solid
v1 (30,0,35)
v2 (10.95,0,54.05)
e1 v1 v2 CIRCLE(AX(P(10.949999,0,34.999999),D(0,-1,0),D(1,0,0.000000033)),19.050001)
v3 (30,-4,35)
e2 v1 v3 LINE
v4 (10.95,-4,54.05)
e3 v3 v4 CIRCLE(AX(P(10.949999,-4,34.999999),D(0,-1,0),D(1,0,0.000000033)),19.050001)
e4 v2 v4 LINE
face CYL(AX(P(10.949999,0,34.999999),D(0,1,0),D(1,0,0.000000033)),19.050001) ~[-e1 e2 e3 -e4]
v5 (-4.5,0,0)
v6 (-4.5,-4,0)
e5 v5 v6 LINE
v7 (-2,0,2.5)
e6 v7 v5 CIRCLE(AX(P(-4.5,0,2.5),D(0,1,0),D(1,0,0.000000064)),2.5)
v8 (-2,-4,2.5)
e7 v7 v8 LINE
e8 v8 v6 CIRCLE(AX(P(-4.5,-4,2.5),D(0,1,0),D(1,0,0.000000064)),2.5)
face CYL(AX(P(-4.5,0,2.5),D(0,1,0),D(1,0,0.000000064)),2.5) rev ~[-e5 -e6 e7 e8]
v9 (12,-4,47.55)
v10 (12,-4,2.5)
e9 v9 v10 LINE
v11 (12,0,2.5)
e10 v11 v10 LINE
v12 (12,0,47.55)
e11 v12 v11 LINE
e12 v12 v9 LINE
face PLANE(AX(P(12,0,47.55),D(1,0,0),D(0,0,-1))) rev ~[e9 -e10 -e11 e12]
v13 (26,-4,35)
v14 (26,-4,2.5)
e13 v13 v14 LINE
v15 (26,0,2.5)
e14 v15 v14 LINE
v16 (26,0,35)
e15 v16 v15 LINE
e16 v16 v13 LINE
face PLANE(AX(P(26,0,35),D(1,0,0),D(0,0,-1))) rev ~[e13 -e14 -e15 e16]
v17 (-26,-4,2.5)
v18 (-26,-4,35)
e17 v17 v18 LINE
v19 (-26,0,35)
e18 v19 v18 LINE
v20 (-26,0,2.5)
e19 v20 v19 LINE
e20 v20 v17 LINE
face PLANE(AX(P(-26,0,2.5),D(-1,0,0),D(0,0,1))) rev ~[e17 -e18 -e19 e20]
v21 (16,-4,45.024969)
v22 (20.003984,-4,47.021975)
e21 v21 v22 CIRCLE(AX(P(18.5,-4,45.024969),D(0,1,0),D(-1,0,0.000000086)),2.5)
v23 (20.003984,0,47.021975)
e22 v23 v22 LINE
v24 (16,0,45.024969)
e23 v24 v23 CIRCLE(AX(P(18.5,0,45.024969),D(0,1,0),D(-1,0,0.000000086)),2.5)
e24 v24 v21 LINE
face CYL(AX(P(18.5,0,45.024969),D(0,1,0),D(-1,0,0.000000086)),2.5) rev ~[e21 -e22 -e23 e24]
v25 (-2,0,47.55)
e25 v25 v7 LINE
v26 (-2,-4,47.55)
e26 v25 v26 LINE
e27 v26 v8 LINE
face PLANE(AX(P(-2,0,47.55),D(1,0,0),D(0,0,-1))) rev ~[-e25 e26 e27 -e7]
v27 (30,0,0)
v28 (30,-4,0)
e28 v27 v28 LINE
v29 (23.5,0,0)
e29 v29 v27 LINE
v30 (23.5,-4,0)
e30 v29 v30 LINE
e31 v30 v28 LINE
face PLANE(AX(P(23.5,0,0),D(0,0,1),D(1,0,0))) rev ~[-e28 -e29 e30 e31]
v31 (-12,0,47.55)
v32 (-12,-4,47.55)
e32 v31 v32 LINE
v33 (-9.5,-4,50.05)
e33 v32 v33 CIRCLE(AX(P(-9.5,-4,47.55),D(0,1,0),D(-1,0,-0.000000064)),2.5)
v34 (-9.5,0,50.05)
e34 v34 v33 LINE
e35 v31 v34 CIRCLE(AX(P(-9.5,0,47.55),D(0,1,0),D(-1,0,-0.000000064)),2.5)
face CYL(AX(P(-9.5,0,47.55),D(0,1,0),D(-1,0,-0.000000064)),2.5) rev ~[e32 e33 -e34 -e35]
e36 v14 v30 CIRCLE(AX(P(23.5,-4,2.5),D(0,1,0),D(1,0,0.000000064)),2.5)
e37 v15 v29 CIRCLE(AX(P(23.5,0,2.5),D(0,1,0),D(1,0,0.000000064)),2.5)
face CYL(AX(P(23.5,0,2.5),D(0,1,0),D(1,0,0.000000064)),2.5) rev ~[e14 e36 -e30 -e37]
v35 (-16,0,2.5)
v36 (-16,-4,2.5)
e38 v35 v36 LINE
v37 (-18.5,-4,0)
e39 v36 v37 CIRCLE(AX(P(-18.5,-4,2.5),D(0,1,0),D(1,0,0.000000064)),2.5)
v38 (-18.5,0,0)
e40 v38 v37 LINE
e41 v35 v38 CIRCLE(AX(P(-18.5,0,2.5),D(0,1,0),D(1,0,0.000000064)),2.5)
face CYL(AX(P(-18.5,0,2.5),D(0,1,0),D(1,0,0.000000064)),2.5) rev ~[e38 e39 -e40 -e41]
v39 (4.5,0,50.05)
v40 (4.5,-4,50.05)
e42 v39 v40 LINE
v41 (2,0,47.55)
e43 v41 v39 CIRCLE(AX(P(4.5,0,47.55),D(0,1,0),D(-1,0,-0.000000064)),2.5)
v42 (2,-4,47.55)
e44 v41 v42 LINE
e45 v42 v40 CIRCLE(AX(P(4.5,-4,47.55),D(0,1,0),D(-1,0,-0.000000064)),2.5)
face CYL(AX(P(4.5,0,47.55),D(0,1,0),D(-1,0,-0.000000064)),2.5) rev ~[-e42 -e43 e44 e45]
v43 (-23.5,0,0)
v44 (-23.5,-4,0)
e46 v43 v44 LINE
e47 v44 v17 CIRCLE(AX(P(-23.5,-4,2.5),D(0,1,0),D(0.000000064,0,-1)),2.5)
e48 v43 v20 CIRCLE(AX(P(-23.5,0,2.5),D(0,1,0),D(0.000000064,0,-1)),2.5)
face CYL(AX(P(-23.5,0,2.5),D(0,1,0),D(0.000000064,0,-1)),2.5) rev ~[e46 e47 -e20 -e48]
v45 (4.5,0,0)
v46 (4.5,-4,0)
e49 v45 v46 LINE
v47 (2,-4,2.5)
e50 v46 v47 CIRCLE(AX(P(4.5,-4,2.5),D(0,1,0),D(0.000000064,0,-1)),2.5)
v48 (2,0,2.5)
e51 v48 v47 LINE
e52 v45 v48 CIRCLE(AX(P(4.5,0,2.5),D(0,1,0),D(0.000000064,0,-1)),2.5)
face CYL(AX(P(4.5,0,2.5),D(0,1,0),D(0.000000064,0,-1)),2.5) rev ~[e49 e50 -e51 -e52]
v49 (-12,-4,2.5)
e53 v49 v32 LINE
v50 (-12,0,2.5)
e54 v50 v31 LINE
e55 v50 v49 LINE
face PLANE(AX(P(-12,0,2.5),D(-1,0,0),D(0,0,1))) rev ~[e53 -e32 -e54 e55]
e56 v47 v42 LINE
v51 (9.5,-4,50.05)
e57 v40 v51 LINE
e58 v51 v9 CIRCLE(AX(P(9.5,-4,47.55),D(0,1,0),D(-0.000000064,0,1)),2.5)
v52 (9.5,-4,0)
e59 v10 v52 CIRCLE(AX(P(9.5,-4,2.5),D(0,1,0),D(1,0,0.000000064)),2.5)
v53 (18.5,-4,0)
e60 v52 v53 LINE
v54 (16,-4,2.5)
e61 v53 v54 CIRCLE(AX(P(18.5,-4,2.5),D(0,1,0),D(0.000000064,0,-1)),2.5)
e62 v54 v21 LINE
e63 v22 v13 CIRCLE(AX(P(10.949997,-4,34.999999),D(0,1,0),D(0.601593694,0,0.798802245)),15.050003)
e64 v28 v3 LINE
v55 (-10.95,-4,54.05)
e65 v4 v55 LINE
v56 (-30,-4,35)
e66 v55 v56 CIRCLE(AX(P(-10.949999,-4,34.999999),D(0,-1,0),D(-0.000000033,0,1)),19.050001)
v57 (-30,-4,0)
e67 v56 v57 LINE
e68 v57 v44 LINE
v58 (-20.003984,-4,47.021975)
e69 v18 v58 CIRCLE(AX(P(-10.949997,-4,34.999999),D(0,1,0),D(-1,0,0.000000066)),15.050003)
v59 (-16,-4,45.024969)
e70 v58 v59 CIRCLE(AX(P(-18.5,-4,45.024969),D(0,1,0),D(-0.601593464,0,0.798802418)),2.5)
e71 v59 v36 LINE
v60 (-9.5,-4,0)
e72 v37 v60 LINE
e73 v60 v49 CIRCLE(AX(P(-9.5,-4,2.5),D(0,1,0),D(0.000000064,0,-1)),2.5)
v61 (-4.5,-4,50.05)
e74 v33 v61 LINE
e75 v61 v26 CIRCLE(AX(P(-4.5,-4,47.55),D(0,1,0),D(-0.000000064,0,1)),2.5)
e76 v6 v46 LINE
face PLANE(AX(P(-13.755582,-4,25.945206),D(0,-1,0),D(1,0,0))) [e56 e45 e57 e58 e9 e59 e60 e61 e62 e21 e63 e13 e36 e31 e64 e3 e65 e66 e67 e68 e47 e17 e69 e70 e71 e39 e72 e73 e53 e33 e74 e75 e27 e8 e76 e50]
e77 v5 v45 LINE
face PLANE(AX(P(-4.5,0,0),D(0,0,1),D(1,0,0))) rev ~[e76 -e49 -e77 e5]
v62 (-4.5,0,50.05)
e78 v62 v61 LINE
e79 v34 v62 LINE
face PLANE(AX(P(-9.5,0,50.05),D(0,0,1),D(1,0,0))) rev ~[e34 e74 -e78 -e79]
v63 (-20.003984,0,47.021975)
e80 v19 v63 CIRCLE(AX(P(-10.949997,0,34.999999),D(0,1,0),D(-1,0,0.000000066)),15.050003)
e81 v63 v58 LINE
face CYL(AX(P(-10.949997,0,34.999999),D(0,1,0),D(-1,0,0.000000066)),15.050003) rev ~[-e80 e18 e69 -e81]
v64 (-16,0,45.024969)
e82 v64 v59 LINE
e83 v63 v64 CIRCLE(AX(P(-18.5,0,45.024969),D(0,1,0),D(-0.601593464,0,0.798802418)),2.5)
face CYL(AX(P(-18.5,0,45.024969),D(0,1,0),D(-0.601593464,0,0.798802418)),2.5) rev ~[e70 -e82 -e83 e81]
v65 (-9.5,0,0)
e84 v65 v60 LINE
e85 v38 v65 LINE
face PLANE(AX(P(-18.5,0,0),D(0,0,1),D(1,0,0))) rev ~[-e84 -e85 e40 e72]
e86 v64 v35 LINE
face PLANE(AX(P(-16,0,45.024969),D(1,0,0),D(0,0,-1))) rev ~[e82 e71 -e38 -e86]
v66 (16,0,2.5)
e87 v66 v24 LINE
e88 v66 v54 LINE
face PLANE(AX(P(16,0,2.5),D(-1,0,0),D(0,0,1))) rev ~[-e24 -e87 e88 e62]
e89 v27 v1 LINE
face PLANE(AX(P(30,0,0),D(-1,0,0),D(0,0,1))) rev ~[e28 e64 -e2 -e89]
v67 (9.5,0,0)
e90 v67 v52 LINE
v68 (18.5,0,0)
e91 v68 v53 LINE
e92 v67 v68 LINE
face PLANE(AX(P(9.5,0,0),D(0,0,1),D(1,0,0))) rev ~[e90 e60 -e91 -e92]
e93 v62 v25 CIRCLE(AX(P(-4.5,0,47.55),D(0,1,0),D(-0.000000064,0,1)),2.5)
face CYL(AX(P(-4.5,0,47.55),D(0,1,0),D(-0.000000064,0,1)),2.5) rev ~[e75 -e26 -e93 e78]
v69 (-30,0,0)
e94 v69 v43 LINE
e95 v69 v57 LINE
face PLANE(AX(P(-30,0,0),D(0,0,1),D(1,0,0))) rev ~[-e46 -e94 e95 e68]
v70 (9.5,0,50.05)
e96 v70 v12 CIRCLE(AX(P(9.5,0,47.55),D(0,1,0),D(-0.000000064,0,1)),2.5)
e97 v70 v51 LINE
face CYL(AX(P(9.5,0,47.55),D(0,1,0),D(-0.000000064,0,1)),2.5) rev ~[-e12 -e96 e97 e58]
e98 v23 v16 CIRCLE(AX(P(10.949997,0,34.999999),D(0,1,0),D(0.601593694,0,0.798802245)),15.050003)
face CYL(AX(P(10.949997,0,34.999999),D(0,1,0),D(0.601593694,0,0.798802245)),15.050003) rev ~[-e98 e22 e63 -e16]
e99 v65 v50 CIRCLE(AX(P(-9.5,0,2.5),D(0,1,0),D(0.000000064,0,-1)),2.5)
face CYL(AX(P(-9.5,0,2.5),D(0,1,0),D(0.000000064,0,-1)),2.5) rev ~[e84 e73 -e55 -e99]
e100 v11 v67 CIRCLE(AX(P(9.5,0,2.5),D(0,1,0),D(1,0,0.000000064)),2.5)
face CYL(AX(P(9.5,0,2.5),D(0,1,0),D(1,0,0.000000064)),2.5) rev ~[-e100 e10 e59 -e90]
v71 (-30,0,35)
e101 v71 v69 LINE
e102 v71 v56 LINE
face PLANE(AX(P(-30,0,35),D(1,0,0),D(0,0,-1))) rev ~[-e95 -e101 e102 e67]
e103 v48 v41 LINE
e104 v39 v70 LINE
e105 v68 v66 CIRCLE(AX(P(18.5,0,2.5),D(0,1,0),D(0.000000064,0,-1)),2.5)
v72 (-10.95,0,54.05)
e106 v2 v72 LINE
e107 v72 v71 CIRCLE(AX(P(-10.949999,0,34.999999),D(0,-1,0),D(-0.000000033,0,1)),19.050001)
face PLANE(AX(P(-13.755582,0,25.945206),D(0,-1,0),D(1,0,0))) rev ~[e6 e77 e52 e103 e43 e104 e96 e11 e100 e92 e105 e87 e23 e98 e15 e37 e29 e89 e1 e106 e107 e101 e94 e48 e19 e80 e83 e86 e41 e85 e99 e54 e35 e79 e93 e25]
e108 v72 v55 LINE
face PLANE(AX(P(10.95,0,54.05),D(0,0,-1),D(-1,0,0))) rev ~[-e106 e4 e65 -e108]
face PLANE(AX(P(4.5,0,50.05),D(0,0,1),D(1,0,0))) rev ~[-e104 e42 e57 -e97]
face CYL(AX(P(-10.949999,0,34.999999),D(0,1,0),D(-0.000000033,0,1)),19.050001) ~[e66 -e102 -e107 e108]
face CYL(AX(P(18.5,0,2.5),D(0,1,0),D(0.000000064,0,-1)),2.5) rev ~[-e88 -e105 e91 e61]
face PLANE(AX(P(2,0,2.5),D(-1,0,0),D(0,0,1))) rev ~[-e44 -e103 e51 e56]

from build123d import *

# Parameters (mm, degrees)
F1_DEPTH = 4


with BuildPart() as f1:
    # F0 (on Front) → F1 (new body)
    with BuildSketch(Plane.XZ):
        with BuildLine():
            Line((-4.5, 0), (0, 0))
            Line((0, 0), (0, 54.05))
            Line((0, 54.05), (-10.95, 54.05))
            ThreePointArc((-10.95, 54.05), (-24.420384, 48.470384), (-30, 35))
            Line((-30, 35), (-30, 0))
            Line((-30, 0), (-23.5, 0))
            ThreePointArc((-23.5, 0), (-25.267767, 0.732233), (-26, 2.5))
            Line((-26, 2.5), (-26, 35))
            ThreePointArc((-26, 35), (-24.417831, 41.717144), (-20.003984, 47.021975))
            ThreePointArc((-20.003984, 47.021975), (-17.384195, 47.26215), (-16, 45.024969))
            Line((-16, 45.024969), (-16, 35))
            Line((-16, 35), (-16, 2.5))
            ThreePointArc((-16, 2.5), (-16.732233, 0.732233), (-18.5, 0))
            Line((-18.5, 0), (-9.5, 0))
            ThreePointArc((-9.5, 0), (-11.267767, 0.732233), (-12, 2.5))
            Line((-12, 2.5), (-12, 47.55))
            ThreePointArc((-12, 47.55), (-11.267767, 49.317767), (-9.5, 50.05))
            Line((-9.5, 50.05), (-4.5, 50.05))
            ThreePointArc((-4.5, 50.05), (-2.732233, 49.317767), (-2, 47.55))
            Line((-2, 47.55), (-2, 2.5))
            ThreePointArc((-2, 2.5), (-2.732233, 0.732233), (-4.5, 0))
        make_face()
        with BuildLine():
            Line((0, 54.05), (0, 0))
            Line((0, 0), (4.5, 0))
            ThreePointArc((4.5, 0), (2.732233, 0.732233), (2, 2.5))
            Line((2, 2.5), (2, 47.55))
            ThreePointArc((2, 47.55), (2.732233, 49.317767), (4.5, 50.05))
            Line((4.5, 50.05), (9.5, 50.05))
            ThreePointArc((9.5, 50.05), (11.267767, 49.317767), (12, 47.55))
            Line((12, 47.55), (12, 2.5))
            ThreePointArc((12, 2.5), (11.267767, 0.732233), (9.5, 0))
            Line((9.5, 0), (18.5, 0))
            ThreePointArc((18.5, 0), (16.732233, 0.732233), (16, 2.5))
            Line((16, 2.5), (16, 35))
            Line((16, 35), (16, 45.024969))
            ThreePointArc((16, 45.024969), (17.384195, 47.26215), (20.003984, 47.021975))
            ThreePointArc((20.003984, 47.021975), (24.417831, 41.717144), (26, 35))
            Line((26, 35), (26, 2.5))
            ThreePointArc((26, 2.5), (25.267767, 0.732233), (23.5, 0))
            Line((23.5, 0), (30, 0))
            Line((30, 0), (30, 35))
            ThreePointArc((30, 35), (24.420384, 48.470384), (10.95, 54.05))
            Line((10.95, 54.05), (0, 54.05))
        make_face()
    extrude(amount=F1_DEPTH)


solid = f1.part
